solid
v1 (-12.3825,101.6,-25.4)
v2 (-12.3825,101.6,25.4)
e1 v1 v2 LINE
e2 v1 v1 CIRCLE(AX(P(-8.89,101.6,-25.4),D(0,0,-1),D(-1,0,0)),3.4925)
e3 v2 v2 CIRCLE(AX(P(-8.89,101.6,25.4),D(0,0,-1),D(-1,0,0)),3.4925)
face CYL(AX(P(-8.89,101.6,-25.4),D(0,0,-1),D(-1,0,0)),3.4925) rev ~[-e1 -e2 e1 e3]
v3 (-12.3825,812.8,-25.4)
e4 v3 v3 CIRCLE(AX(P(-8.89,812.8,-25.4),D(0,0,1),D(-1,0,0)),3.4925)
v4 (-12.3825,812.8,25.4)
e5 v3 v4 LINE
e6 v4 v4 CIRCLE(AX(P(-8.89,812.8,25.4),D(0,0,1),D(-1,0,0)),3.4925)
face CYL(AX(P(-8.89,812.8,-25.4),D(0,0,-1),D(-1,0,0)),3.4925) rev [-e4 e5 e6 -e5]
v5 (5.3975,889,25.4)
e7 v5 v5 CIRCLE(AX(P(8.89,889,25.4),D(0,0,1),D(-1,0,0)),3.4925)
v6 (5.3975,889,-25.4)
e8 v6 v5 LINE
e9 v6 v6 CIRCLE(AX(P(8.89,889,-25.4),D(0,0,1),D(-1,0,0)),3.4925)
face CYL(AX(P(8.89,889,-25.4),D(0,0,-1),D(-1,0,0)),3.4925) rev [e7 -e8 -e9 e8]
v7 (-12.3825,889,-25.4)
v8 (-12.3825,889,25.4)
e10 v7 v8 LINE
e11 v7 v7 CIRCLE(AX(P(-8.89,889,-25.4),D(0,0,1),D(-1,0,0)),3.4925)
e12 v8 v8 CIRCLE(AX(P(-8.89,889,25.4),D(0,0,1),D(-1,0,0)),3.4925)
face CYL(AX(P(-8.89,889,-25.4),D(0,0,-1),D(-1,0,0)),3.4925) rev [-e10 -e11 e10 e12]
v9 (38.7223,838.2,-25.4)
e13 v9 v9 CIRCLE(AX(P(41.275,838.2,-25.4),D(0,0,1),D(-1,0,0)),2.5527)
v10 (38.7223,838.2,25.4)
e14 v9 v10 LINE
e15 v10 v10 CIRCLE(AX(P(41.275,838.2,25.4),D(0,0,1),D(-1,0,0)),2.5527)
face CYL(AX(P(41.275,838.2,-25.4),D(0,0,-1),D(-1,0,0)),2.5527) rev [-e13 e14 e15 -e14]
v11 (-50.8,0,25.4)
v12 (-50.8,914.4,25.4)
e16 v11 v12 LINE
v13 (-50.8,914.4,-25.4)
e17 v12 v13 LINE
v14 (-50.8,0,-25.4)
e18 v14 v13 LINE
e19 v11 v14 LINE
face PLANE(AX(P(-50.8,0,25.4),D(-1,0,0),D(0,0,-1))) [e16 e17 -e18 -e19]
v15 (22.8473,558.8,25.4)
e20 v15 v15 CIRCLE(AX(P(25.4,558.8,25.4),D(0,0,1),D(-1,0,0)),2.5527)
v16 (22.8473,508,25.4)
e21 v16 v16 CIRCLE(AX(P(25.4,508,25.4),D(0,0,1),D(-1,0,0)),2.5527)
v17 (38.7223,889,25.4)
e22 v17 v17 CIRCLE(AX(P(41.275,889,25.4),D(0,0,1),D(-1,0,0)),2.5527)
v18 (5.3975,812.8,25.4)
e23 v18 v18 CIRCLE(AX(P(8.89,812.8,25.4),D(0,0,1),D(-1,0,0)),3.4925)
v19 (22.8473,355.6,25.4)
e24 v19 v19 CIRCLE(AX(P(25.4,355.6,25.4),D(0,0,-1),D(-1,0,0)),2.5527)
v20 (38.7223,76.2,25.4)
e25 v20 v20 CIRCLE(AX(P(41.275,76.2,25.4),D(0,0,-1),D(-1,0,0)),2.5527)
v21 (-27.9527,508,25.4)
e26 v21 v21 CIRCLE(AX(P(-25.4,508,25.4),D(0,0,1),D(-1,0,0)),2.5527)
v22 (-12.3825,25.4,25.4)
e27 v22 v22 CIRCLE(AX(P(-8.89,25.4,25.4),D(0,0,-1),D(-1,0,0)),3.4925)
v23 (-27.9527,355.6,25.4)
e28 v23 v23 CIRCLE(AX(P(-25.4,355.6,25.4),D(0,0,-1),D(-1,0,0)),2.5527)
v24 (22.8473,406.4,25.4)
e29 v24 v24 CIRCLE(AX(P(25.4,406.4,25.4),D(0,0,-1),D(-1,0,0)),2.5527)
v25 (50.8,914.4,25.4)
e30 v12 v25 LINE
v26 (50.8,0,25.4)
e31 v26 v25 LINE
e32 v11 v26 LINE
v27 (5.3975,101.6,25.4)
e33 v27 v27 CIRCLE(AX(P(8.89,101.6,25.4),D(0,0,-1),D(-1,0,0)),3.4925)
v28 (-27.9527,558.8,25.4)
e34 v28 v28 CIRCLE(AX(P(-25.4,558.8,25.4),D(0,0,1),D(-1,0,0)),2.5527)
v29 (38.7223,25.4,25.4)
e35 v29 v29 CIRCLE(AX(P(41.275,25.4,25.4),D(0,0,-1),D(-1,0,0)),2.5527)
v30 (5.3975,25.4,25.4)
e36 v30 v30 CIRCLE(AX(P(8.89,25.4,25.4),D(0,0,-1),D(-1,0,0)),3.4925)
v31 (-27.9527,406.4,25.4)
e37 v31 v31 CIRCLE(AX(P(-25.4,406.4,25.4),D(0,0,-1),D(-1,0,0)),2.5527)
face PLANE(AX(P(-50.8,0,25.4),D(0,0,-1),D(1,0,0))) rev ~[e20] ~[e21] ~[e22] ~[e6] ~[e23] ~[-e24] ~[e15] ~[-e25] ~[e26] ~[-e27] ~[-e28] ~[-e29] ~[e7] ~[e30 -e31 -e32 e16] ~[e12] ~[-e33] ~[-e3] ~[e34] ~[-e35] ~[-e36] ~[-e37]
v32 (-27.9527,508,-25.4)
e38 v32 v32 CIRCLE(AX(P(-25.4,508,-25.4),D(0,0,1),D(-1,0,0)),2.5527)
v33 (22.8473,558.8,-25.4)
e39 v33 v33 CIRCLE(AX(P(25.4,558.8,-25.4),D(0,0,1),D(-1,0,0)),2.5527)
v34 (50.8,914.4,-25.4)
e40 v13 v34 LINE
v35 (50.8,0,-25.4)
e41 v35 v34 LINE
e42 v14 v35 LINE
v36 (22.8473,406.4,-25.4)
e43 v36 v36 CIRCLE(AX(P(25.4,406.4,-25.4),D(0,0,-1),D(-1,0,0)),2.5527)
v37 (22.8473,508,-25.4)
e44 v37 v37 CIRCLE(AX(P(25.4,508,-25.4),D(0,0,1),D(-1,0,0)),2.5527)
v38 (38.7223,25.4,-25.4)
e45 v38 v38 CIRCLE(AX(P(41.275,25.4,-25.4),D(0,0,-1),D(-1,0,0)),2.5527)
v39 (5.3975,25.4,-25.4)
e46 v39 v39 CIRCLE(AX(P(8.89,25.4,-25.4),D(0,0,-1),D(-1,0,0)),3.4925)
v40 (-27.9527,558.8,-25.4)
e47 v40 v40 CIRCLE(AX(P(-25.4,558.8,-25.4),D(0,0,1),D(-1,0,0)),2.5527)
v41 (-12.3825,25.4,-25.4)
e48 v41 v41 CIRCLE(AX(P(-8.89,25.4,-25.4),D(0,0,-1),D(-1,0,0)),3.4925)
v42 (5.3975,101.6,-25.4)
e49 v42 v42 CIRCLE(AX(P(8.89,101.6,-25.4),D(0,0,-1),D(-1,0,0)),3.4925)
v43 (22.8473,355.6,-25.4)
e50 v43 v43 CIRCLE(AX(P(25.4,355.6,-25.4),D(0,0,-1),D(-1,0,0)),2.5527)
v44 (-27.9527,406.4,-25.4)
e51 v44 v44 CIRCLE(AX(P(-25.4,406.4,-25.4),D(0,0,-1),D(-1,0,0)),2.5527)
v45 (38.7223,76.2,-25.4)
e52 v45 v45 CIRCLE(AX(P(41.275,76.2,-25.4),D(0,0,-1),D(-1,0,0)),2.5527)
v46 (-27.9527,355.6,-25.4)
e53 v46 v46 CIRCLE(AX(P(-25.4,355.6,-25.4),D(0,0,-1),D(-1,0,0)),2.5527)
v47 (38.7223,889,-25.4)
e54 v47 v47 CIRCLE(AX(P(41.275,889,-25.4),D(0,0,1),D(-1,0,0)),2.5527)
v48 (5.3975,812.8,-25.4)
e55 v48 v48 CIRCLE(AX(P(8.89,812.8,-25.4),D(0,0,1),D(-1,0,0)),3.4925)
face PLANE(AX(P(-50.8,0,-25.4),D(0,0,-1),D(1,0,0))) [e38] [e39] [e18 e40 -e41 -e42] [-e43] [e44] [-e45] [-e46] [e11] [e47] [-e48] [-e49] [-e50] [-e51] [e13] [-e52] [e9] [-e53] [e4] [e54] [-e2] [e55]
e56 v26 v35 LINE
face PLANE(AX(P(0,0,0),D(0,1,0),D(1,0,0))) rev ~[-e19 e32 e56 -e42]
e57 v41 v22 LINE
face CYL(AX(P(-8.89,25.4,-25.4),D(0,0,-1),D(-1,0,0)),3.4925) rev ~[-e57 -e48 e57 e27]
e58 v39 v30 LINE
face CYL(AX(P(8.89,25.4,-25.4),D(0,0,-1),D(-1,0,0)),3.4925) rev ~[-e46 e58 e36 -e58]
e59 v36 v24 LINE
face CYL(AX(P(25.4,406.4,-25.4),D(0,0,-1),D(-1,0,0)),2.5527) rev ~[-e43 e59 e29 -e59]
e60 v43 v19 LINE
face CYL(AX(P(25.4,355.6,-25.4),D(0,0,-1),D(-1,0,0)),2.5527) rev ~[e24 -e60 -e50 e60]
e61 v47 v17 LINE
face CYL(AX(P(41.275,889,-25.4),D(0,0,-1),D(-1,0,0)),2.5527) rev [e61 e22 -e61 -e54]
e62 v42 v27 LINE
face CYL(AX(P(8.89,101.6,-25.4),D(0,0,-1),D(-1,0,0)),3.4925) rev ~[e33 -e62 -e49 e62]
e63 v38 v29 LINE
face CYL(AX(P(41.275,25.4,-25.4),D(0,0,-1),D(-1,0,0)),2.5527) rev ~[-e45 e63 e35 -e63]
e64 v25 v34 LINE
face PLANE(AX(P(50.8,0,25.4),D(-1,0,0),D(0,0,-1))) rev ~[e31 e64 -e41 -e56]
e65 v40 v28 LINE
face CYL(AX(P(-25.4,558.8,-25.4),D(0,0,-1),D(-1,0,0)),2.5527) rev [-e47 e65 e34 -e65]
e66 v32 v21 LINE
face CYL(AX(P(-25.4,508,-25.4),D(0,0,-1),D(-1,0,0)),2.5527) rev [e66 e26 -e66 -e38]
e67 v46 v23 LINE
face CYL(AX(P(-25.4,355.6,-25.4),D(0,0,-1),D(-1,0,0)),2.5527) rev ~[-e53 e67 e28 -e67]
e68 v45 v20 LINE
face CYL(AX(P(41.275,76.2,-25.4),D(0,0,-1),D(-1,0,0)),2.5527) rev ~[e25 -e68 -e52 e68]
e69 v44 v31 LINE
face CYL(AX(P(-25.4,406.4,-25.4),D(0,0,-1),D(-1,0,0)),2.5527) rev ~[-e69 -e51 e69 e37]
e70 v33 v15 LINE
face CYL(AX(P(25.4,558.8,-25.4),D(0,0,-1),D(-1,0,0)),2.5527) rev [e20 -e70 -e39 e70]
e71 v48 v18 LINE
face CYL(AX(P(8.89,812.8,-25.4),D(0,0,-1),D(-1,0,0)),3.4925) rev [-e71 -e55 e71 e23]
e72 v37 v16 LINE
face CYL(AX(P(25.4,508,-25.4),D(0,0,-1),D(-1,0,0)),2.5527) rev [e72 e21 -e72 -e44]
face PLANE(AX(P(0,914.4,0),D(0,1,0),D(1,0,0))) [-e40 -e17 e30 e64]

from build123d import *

# Parameters (mm, degrees)
SKETCH1_W           = 101.6
SKETCH1_H           = 50.8
BOSS_EXTRUDE1_DEPTH = 914.4
SKETCH3_R           = 3.4925
CUT_EXTRUDE1_DEPTH  = 50.8
SKETCH4_R           = 2.5527
CUT_EXTRUDE2_DEPTH  = 50.8
SKETCH5_R           = 2.5527
CUT_EXTRUDE3_DEPTH  = 50.8


with BuildPart() as part:
    # Sketch1 → Boss-Extrude1 (new body)
    with BuildSketch(Plane(origin=(0, 0, 0), x_dir=(1, 0, 0), z_dir=(0, 1, 0))):
        Rectangle(SKETCH1_W, SKETCH1_H)
    extrude(amount=BOSS_EXTRUDE1_DEPTH)

    # Sketch3 → Cut-Extrude1 (cut)
    with BuildSketch(Plane(origin=(0, 0, -25.4), x_dir=(-1, 0, 0), z_dir=(0, 0, -1))):
        with Locations((-8.89, 25.4)):
            Circle(SKETCH3_R)
        with Locations((8.89, 25.4)):
            Circle(SKETCH3_R)
        with Locations((8.89, 101.6)):
            Circle(SKETCH3_R)
        with Locations((-8.89, 101.6)):
            Circle(SKETCH3_R)
    cut_extrude1 = extrude(amount=-CUT_EXTRUDE1_DEPTH, mode=Mode.SUBTRACT)

    # Sketch4 → Cut-Extrude2 (cut)
    with BuildSketch(Plane(origin=(0, 0, -25.4), x_dir=(-1, 0, 0), z_dir=(0, 0, -1))):
        with Locations((-41.275, 76.2)):
            Circle(SKETCH4_R)
        with Locations((-41.275, 25.4)):
            Circle(SKETCH4_R)
    cut_extrude2 = extrude(amount=-CUT_EXTRUDE2_DEPTH, mode=Mode.SUBTRACT)

    # Mirror1: Cut-Extrude1, Cut-Extrude2 across plane
    add(cut_extrude1.mirror(Plane.ZX.offset(457.2)), mode=Mode.SUBTRACT)
    add(cut_extrude2.mirror(Plane.ZX.offset(457.2)), mode=Mode.SUBTRACT)

    # Sketch5 → Cut-Extrude3 (cut)
    with BuildSketch(Plane(origin=(0, 0, -25.4), x_dir=(-1, 0, 0), z_dir=(0, 0, -1))):
        with Locations((-25.4, 406.4)):
            Circle(SKETCH5_R)
        with Locations((25.4, 406.4)):
            Circle(SKETCH5_R)
        with Locations((25.4, 355.6)):
            Circle(SKETCH5_R)
        with Locations((-25.4, 355.6)):
            Circle(SKETCH5_R)
    cut_extrude3 = extrude(amount=-CUT_EXTRUDE3_DEPTH, mode=Mode.SUBTRACT)

    # Mirror2: Cut-Extrude3 across plane
    add(cut_extrude3.mirror(Plane.ZX.offset(457.2)), mode=Mode.SUBTRACT)


solid = part.part
